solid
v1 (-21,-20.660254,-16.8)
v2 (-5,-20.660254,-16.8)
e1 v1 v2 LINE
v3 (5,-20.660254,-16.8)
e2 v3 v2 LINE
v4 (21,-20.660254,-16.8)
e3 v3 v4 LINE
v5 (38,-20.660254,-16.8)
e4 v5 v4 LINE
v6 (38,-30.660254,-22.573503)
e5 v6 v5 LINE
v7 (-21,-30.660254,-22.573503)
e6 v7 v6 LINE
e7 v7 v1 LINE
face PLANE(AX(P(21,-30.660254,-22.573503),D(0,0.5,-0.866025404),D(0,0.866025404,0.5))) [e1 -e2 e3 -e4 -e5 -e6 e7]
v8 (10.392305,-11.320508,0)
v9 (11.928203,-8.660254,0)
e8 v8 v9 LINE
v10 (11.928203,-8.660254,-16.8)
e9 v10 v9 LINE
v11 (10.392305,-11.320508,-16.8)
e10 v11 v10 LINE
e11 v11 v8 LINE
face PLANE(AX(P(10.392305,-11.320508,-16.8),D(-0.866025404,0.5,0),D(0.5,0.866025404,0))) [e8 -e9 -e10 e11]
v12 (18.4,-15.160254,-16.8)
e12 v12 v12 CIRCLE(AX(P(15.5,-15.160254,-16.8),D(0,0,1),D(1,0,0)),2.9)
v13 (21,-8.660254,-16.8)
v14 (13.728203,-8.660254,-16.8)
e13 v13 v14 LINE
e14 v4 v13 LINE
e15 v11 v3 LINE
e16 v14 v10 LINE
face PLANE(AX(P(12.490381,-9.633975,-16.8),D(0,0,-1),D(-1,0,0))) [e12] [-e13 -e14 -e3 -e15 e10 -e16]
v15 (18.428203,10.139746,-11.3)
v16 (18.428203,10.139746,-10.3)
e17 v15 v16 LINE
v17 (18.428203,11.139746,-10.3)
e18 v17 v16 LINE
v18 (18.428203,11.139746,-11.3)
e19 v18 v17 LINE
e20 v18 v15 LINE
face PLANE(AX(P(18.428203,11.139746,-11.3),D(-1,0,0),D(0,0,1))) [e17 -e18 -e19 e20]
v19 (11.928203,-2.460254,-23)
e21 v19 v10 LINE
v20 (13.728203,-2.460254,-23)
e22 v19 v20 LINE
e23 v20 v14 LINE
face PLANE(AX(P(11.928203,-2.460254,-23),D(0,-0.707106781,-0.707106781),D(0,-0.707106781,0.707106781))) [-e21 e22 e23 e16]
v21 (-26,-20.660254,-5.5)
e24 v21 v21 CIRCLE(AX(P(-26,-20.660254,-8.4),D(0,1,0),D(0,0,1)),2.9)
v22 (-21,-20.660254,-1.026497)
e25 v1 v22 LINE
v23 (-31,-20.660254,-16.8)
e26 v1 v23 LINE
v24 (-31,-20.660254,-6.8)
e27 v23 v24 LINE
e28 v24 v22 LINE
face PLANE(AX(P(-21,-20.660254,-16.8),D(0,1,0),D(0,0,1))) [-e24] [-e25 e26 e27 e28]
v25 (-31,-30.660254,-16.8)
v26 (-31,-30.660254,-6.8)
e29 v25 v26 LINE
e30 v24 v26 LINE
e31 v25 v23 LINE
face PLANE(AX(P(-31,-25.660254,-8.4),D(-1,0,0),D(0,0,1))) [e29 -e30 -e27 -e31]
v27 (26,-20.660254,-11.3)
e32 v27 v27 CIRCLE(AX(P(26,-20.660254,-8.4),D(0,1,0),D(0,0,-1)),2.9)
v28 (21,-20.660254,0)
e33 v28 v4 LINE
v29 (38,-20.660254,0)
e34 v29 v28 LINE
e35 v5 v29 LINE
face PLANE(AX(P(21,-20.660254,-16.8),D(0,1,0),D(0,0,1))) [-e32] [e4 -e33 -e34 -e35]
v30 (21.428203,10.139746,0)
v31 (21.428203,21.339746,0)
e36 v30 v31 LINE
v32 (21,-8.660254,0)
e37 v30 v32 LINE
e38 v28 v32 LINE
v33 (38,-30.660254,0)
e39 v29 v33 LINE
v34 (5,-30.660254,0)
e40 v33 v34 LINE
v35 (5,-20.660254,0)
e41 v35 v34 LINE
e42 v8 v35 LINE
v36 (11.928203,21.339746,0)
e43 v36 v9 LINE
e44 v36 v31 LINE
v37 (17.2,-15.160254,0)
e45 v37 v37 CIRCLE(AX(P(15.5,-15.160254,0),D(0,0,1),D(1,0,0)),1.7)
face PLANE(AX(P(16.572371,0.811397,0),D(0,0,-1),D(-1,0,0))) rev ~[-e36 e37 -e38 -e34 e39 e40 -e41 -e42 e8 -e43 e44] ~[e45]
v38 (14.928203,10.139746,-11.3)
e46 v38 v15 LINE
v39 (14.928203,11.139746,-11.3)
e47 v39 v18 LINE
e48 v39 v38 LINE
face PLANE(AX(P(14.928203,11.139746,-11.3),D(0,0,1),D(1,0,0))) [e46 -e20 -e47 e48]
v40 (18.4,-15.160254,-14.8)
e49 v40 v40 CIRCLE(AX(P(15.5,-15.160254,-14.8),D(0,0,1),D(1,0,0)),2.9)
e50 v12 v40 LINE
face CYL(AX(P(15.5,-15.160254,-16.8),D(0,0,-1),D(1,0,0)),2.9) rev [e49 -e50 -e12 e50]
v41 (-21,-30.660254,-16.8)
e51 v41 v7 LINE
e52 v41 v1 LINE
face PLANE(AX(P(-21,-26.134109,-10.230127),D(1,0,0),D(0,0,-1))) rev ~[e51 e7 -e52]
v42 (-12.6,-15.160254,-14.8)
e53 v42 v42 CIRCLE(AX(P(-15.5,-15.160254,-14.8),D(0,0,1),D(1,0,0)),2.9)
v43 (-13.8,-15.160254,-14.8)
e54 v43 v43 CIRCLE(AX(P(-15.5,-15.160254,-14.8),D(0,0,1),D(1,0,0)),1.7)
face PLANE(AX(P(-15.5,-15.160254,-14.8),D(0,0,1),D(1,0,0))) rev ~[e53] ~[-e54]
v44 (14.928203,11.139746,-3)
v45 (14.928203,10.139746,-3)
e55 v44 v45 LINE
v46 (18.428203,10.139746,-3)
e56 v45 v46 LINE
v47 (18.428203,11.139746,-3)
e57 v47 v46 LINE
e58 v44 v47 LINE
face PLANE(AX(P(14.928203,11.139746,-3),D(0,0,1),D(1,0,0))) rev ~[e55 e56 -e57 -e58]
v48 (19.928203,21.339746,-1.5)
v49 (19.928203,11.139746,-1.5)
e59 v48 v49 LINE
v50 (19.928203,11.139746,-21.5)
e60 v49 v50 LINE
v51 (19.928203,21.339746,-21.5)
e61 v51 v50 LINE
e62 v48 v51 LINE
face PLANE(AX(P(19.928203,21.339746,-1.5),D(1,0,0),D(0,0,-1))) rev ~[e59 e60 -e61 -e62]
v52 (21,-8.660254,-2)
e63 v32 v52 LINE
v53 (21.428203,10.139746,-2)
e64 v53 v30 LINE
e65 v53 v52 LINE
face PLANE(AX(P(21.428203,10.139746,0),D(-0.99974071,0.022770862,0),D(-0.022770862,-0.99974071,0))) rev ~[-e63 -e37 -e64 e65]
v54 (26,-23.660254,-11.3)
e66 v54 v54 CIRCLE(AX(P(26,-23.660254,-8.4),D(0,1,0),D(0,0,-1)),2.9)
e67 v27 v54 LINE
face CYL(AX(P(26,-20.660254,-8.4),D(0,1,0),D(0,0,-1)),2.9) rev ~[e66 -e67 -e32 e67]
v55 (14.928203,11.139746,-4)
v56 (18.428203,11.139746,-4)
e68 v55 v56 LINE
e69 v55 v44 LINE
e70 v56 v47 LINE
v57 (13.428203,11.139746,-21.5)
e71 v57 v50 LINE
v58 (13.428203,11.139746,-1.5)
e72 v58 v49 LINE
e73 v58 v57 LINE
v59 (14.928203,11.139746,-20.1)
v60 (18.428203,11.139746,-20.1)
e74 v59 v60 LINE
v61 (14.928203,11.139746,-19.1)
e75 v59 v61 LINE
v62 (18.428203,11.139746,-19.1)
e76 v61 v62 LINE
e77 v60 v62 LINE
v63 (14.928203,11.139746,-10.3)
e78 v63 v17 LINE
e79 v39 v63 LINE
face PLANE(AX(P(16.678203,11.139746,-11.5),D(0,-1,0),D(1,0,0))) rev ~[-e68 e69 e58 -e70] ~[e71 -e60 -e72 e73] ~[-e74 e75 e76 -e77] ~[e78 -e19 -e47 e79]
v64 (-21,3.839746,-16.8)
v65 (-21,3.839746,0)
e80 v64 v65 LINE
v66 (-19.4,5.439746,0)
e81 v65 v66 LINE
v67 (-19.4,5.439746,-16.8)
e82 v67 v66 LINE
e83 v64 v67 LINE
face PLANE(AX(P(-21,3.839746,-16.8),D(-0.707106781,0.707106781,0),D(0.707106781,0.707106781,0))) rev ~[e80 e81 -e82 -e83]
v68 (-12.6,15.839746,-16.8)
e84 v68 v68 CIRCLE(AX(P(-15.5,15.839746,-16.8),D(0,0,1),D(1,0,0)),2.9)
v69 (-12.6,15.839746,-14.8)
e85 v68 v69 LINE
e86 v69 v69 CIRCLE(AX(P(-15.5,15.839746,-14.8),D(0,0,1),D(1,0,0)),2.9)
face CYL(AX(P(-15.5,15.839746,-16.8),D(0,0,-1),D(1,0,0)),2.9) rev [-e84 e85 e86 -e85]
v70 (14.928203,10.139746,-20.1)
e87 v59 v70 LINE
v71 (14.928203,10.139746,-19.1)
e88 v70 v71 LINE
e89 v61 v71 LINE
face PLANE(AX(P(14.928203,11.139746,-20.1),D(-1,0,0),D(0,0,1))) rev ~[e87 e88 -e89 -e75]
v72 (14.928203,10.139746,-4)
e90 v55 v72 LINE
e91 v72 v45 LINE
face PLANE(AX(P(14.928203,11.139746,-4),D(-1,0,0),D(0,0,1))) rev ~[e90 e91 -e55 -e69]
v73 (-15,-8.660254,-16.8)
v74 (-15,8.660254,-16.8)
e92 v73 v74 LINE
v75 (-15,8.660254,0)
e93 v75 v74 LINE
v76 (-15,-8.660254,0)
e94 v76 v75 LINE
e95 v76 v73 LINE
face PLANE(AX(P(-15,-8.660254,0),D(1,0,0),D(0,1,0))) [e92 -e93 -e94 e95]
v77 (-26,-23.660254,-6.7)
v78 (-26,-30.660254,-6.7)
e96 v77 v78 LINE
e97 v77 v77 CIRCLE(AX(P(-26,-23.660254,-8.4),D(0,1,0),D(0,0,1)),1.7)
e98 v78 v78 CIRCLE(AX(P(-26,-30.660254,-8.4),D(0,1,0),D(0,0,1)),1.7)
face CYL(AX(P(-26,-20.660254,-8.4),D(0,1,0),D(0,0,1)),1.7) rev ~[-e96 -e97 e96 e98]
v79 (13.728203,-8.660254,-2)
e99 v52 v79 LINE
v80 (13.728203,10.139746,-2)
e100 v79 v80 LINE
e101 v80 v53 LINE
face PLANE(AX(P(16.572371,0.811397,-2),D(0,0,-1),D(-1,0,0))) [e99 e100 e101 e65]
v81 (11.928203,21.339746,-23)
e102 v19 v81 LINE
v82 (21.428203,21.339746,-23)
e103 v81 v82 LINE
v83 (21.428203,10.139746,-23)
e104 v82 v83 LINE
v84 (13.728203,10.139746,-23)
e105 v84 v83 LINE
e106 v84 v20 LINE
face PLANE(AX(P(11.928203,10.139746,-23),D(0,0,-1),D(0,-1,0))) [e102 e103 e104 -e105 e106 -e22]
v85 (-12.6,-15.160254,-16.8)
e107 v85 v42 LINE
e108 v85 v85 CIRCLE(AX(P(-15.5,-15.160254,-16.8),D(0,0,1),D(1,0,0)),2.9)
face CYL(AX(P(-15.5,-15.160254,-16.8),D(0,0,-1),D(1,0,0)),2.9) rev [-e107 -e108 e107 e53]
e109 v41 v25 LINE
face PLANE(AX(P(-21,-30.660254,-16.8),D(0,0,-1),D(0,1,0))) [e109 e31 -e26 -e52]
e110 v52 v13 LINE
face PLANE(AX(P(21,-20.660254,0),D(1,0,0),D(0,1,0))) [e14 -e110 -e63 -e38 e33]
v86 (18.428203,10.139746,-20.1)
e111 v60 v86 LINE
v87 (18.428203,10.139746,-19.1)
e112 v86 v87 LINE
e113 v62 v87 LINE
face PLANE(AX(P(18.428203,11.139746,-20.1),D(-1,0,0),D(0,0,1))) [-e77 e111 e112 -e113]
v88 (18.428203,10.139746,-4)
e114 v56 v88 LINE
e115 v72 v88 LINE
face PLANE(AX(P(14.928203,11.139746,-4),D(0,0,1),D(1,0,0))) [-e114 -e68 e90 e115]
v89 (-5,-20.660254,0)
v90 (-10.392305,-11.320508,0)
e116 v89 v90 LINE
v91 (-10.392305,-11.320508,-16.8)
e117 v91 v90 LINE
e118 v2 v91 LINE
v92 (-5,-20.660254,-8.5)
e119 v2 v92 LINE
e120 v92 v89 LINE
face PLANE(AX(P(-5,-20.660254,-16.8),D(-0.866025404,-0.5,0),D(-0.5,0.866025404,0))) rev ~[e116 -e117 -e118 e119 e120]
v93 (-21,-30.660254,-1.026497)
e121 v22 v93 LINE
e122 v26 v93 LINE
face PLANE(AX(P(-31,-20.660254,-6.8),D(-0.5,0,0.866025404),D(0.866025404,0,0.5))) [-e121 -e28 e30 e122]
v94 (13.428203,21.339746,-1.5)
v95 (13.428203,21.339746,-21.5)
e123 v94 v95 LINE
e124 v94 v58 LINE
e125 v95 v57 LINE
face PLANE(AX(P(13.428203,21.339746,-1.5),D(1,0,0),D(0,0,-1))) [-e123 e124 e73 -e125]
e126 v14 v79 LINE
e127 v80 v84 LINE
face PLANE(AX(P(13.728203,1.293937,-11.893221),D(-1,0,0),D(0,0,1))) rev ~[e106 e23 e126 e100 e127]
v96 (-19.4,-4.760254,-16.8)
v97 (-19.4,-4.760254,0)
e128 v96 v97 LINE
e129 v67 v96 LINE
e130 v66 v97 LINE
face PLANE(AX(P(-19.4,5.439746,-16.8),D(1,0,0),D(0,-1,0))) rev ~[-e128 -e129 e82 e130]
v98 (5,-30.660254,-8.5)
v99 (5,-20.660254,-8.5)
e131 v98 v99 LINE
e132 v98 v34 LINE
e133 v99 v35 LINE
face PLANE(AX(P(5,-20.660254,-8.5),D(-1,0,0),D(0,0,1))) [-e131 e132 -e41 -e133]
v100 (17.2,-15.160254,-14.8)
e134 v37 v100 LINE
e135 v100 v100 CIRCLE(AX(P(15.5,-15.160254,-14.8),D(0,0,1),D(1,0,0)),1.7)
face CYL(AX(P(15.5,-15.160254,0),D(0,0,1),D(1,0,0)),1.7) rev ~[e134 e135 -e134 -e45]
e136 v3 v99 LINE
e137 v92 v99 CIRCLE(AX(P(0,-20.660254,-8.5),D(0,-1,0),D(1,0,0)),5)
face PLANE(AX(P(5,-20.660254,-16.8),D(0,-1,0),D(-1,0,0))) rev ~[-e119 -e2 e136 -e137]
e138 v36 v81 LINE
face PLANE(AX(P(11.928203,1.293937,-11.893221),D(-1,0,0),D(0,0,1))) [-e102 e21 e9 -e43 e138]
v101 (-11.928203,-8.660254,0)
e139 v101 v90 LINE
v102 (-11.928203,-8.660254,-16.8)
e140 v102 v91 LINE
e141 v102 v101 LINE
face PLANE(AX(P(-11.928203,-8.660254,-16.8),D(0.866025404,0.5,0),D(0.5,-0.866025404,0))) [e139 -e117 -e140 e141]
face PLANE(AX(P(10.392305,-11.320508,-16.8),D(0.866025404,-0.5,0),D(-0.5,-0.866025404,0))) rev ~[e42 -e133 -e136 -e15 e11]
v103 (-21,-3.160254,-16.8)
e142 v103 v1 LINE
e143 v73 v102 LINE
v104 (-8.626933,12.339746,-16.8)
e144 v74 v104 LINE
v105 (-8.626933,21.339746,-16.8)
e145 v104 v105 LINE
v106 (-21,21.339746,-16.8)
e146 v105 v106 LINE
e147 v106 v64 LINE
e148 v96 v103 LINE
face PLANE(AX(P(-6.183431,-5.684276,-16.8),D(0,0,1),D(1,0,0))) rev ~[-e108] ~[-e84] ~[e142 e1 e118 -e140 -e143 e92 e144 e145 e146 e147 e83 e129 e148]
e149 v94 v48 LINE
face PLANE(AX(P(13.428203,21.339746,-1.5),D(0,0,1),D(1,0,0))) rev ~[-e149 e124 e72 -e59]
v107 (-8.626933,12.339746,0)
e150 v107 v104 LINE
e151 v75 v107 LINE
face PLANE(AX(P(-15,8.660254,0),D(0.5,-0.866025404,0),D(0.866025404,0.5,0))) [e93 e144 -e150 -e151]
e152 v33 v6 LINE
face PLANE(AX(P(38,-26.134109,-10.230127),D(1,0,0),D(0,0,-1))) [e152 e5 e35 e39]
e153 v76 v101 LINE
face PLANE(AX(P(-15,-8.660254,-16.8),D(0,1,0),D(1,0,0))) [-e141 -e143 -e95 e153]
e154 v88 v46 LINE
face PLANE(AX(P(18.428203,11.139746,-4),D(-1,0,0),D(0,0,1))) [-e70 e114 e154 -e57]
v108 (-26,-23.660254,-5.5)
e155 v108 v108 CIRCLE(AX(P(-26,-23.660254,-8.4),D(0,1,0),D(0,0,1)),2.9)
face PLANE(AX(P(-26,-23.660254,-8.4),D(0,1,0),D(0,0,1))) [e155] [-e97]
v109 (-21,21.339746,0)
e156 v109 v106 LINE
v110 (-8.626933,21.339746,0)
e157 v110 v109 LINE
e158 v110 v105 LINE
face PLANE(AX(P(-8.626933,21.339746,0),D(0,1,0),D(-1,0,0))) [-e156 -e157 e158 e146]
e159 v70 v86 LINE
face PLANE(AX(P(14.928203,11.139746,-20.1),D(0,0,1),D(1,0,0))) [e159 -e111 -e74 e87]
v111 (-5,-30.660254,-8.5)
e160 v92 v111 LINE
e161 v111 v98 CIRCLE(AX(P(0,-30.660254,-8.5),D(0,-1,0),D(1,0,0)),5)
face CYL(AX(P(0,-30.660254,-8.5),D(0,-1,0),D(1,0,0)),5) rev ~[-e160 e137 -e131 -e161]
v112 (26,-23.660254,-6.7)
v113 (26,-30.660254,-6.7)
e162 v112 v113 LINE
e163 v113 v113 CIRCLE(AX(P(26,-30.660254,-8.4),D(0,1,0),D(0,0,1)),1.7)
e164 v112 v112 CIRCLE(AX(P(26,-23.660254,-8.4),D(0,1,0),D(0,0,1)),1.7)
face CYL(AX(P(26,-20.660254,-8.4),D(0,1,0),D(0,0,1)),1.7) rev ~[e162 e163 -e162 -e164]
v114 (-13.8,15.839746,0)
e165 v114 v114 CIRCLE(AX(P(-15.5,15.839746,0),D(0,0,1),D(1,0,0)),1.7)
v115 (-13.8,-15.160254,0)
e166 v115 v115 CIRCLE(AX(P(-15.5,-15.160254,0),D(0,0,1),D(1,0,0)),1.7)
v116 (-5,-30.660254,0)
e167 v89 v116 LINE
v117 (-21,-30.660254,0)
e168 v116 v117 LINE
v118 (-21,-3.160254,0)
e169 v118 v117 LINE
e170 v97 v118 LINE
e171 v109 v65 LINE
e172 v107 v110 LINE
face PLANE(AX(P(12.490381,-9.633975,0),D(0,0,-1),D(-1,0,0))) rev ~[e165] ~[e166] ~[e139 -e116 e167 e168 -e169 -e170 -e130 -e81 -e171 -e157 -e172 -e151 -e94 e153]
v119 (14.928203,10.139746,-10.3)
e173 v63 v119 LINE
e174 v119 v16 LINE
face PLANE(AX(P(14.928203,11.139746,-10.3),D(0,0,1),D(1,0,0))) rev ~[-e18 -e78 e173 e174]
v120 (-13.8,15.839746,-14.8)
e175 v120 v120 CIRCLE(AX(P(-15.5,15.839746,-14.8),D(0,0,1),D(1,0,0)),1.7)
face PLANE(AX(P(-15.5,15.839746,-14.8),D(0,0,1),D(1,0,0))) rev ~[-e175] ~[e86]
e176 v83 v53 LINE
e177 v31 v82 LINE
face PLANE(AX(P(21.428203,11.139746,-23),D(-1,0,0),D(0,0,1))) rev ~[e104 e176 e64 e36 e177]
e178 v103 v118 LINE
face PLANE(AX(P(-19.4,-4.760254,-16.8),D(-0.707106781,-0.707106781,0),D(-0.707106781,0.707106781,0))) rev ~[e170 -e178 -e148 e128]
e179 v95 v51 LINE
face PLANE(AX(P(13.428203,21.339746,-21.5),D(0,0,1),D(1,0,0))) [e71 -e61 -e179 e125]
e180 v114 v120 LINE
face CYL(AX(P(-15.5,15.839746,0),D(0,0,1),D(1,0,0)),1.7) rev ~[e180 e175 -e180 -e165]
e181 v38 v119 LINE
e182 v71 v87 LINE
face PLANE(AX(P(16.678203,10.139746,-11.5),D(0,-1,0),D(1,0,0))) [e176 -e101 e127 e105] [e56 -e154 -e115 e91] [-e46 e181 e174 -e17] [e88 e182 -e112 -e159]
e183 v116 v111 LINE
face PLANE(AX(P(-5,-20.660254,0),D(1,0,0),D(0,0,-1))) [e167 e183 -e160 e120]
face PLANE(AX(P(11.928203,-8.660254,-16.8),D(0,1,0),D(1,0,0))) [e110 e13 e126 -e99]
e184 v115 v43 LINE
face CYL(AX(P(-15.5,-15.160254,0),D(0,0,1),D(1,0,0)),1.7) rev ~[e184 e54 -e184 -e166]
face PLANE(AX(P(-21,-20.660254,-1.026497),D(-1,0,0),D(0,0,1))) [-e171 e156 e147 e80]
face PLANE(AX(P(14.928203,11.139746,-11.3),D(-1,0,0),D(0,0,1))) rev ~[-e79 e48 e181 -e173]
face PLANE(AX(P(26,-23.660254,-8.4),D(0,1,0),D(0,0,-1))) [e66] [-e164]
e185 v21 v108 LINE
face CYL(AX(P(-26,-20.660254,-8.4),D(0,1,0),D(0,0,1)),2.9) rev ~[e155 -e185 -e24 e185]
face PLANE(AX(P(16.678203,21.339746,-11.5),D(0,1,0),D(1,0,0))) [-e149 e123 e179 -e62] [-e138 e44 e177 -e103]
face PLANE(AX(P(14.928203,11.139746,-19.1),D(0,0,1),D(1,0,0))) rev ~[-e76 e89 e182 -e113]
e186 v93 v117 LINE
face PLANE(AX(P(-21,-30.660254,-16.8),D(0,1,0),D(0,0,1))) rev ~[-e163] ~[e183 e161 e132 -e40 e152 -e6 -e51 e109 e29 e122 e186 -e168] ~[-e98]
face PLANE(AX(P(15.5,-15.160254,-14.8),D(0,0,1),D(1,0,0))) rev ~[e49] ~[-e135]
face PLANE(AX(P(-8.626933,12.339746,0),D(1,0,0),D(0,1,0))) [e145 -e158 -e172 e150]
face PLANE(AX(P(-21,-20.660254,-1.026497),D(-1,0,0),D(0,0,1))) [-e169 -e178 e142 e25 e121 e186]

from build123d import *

# Parameters (mm, degrees)
SKETCH1_R                       = 1.7
BOSS_EXTRUDE1_DEPTH             = 16.8
BOSS_EXTRUDE2_DEPTH             = 17
BOSS_EXTRUDE2_DEPTH_BACK        = 42
SKETCH3_W                       = 16.8
SKETCH3_H                       = 10
BOSS_EXTRUDE3_DEPTH             = 10
SKETCH4_R                       = 1.7
CUT_EXTRUDE1_DEPTH              = 11
SKETCH4_3_R                     = 2.9
SKETCH4_3_R_2                   = 1.7
CUT_EXTRUDE2_DEPTH              = 3
CUT_EXTRUDE3_START              = -16.8
SKETCH6_R                       = 2.9
CUT_EXTRUDE3_DEPTH              = 2
CUT_EXTRUDE4_DEPTH              = 11
SKIZZE1_R                       = 5
SCHNITT_LINEAR_AUSTRAGEN1_DEPTH = 53
SCHNITT_LINEAR_AUSTRAGEN2_DEPTH = 17.8
AUFSATZ_LINEAR_AUSTRAGEN1_DEPTH = 16.8
SCHNITT_LINEAR_AUSTRAGEN3_DEPTH = 11
SKETCH13_W                      = 9.5
SKETCH13_H                      = 23
SKETCH13_W_2                    = 6.5
SKETCH13_H_2                    = 20
BOSS_EXTRUDE7_DEPTH             = 10.2
SKETCH14_W                      = 9.5
SKETCH14_H                      = 23
SKETCH14_W_2                    = 3.5
SKETCH14_H_2                    = 1
BOSS_EXTRUDE8_DEPTH             = 1
BOSS_EXTRUDE9_DEPTH             = 2
BOSS_EXTRUDE10_DEPTH            = 1.8
CUT_EXTRUDE10_DEPTH             = 17.8


with BuildPart() as part:
    # Sketch1 → Boss-Extrude1 (new body)
    with BuildSketch(Plane.XY):
        Polygon((-21, 21.339745962), (-21, -20.660254038), (21, -20.660254038), (21, -8.660254038), (15, -8.660254038), (0, -17.320508076), (-15, -8.660254038), (-15, 8.660254038), (-8.626933041, 12.339745962), (-8.626933041, 21.339745962), align=None)
        with Locations((-15.5, -15.160254038)):
            Circle(SKETCH1_R, mode=Mode.SUBTRACT)
        with Locations((15.5, -15.160254038)):
            Circle(SKETCH1_R, mode=Mode.SUBTRACT)
        with Locations((-15.5, 15.839745962)):
            Circle(SKETCH1_R, mode=Mode.SUBTRACT)
    extrude(amount=-BOSS_EXTRUDE1_DEPTH)



with BuildPart() as body_2:
    # Sketch2 → Boss-Extrude2 (new body, two sides)
    with BuildSketch(Plane(origin=(21, 0, 0), x_dir=(0, 0, -1), z_dir=(1, 0, 0))) as boss_extrude2_sk:
        Polygon((0, -20.660254038), (0, -30.660254038), (22.573502692, -30.660254038), (16.8, -20.660254038), align=None)
    extrude(amount=BOSS_EXTRUDE2_DEPTH)
    extrude(boss_extrude2_sk.sketch, amount=-BOSS_EXTRUDE2_DEPTH_BACK)


with BuildPart() as part_1:
    add(part.part)

    add(body_2.part)  # Boss-Extrude3 merges body 2
    # Sketch3 → Boss-Extrude3 (add)
    with BuildSketch(Plane.ZY.offset(21)):
        with Locations((-8.4, -25.660254038)):
            Rectangle(SKETCH3_W, SKETCH3_H)
    extrude(amount=BOSS_EXTRUDE3_DEPTH)

    # Sketch4 → Cut-Extrude1 (cut, through all)
    with BuildSketch(Plane(origin=(0, -20.660254038, 0), x_dir=(1, 0, 0), z_dir=(0, 1, 0))):
        with Locations(Location((-26, 8.4, 0), (0, 0, 270))):  # turned: the seam where the file's is
            Circle(SKETCH4_R)
        with Locations(Location((26, 8.4, 0), (0, 0, 270))):  # turned: the seam where the file's is
            Circle(SKETCH4_R)
    extrude(amount=-CUT_EXTRUDE1_DEPTH, mode=Mode.SUBTRACT)

    # Sketch4_3 → Cut-Extrude2 (cut)
    with BuildSketch(Plane(origin=(0, -20.660254038, 0), x_dir=(1, 0, 0), z_dir=(0, 1, 0))):
        with Locations(Location((-26, 8.4, 0), (0, 0, 270))):  # turned: the seam where the file's is
            Circle(SKETCH4_3_R)
        with Locations(Location((-26, 8.4, 0), (0, 0, 270))):  # turned: the seam where the file's is
            Circle(SKETCH4_3_R_2, mode=Mode.SUBTRACT)
        with Locations(Location((26, 8.4, 0), (0, 0, 90))):  # turned: the seam where the file's is
            Circle(SKETCH4_3_R)
        with Locations(Location((26, 8.4, 0), (0, 0, 270))):  # turned: the seam where the file's is
            Circle(SKETCH4_3_R_2, mode=Mode.SUBTRACT)
    extrude(amount=-CUT_EXTRUDE2_DEPTH, mode=Mode.SUBTRACT)

    # Sketch6 → Cut-Extrude3 (cut)
    with BuildSketch(Plane.XY.offset(CUT_EXTRUDE3_START)):
        with Locations((-15.5, 15.839745962)):
            Circle(SKETCH6_R)
        with Locations((-15.5, -15.160254038)):
            Circle(SKETCH6_R)
        with Locations((15.5, -15.160254038)):
            Circle(SKETCH6_R)
    extrude(amount=CUT_EXTRUDE3_DEPTH, mode=Mode.SUBTRACT)

    # Sketch5 → Cut-Extrude4 (cut, through all)
    with BuildSketch(Plane(origin=(0, -20.660254038, 0), x_dir=(1, 0, 0), z_dir=(0, 1, 0))):
        Polygon((-31, 0), (-31, 6.8), (-21, 1.026497308), (-21, 0), align=None)
    extrude(amount=-CUT_EXTRUDE4_DEPTH, mode=Mode.SUBTRACT)

    # Skizze1 → Schnitt-Linear austragen1 (cut, through all)
    with BuildSketch(Plane.XZ.offset(30.660254038)):
        with Locations((0, -8.5)):
            Circle(SKIZZE1_R)
    extrude(amount=-SCHNITT_LINEAR_AUSTRAGEN1_DEPTH, mode=Mode.SUBTRACT)

    # Skizze2 → Schnitt-Linear austragen2 (cut, through all)
    with BuildSketch(Plane(origin=(0, 0, -16.8), x_dir=(-1, 0, 0), z_dir=(0, 0, -1))):
        Polygon((-5, -20.660254038), (5, -20.660254038), (10.392304845, -11.320508076), (0, -17.320508076), (-10.392304845, -11.320508076), align=None)
    extrude(amount=-SCHNITT_LINEAR_AUSTRAGEN2_DEPTH, mode=Mode.SUBTRACT)

    # Skizze2_3 → Aufsatz-Linear austragen1 (add)
    with BuildSketch(Plane(origin=(0, 0, -16.8), x_dir=(-1, 0, 0), z_dir=(0, 0, -1))):
        Polygon((-15, -8.660254038), (-10.392304845, -11.320508076), (-11.92820323, -8.660254038), align=None)
        Polygon((11.92820323, -8.660254038), (10.392304845, -11.320508076), (15, -8.660254038), align=None)
    extrude(amount=-AUFSATZ_LINEAR_AUSTRAGEN1_DEPTH)

    # Skizze3 → Schnitt-Linear austragen3 (cut, through all)
    with BuildSketch(Plane(origin=(0, -20.660254038, 0), x_dir=(1, 0, 0), z_dir=(0, 1, 0))):
        with BuildLine():
            Line((5, 0), (-5, 0))
            Line((-5, 0), (-5, 8.5))
            ThreePointArc((-5, 8.5), (0, 3.5), (5, 8.5))
            Line((5, 8.5), (5, 0))
        make_face()
    extrude(amount=-SCHNITT_LINEAR_AUSTRAGEN3_DEPTH, mode=Mode.SUBTRACT)



with BuildPart() as body_2_2:
    # Sketch13 → Boss-Extrude7 (new body)
    with BuildSketch(Plane(origin=(0, 21.339745962, 0), x_dir=(1, 0, 0), z_dir=(0, 1, 0))):
        with Locations((16.67820323, 11.5)):
            Rectangle(SKETCH13_W, SKETCH13_H)
        with Locations((16.67820323, 11.5)):
            Rectangle(SKETCH13_W_2, SKETCH13_H_2, mode=Mode.SUBTRACT)
    extrude(amount=-BOSS_EXTRUDE7_DEPTH)

    # Sketch14 → Boss-Extrude8 (add)
    with BuildSketch(Plane.XZ.offset(-11.139745962)):
        with Locations((16.67820323, -11.5)):
            Rectangle(SKETCH14_W, SKETCH14_H)
        with Locations((16.67820323, -19.6)):
            Rectangle(SKETCH14_W_2, SKETCH14_H_2, mode=Mode.SUBTRACT)
        with Locations((16.67820323, -10.8)):
            Rectangle(SKETCH14_W_2, SKETCH14_H_2, mode=Mode.SUBTRACT)
        with Locations((16.67820323, -3.5)):
            Rectangle(SKETCH14_W_2, SKETCH14_H_2, mode=Mode.SUBTRACT)
    extrude(amount=BOSS_EXTRUDE8_DEPTH)


with BuildPart() as part_2:
    add(part_1.part)

    add(body_2_2.part)  # Boss-Extrude9 merges body 2 2
    # Sketch15 → Boss-Extrude9 (add)
    with BuildSketch(Plane.XY):
        Polygon((21.42820323, 10.139745962), (21, -8.660254038), (11.92820323, -8.660254038), (11.92820323, 10.139745962), align=None)
    extrude(amount=-BOSS_EXTRUDE9_DEPTH)

    # Sketch16 → Boss-Extrude10 (add)
    with BuildSketch(Plane.ZY.offset(-11.92820323)):
        Polygon((-2, 10.139745962), (-23, 10.139745962), (-23, -2.460254038), (-16.8, -8.660254038), (-2, -8.660254038), align=None)
    extrude(amount=-BOSS_EXTRUDE10_DEPTH)

    # Sketch18 → Cut-Extrude10 (cut, through all)
    with BuildSketch(Plane(origin=(0, 0, -16.8), x_dir=(-1, 0, 0), z_dir=(0, 0, -1))):
        Polygon((21, 0.339745962), (21, 3.839745962), (19.4, 5.439745962), (19.4, -4.760254038), (21, -3.160254038), align=None)
    extrude(amount=-CUT_EXTRUDE10_DEPTH, mode=Mode.SUBTRACT)


solid = part_2.part
